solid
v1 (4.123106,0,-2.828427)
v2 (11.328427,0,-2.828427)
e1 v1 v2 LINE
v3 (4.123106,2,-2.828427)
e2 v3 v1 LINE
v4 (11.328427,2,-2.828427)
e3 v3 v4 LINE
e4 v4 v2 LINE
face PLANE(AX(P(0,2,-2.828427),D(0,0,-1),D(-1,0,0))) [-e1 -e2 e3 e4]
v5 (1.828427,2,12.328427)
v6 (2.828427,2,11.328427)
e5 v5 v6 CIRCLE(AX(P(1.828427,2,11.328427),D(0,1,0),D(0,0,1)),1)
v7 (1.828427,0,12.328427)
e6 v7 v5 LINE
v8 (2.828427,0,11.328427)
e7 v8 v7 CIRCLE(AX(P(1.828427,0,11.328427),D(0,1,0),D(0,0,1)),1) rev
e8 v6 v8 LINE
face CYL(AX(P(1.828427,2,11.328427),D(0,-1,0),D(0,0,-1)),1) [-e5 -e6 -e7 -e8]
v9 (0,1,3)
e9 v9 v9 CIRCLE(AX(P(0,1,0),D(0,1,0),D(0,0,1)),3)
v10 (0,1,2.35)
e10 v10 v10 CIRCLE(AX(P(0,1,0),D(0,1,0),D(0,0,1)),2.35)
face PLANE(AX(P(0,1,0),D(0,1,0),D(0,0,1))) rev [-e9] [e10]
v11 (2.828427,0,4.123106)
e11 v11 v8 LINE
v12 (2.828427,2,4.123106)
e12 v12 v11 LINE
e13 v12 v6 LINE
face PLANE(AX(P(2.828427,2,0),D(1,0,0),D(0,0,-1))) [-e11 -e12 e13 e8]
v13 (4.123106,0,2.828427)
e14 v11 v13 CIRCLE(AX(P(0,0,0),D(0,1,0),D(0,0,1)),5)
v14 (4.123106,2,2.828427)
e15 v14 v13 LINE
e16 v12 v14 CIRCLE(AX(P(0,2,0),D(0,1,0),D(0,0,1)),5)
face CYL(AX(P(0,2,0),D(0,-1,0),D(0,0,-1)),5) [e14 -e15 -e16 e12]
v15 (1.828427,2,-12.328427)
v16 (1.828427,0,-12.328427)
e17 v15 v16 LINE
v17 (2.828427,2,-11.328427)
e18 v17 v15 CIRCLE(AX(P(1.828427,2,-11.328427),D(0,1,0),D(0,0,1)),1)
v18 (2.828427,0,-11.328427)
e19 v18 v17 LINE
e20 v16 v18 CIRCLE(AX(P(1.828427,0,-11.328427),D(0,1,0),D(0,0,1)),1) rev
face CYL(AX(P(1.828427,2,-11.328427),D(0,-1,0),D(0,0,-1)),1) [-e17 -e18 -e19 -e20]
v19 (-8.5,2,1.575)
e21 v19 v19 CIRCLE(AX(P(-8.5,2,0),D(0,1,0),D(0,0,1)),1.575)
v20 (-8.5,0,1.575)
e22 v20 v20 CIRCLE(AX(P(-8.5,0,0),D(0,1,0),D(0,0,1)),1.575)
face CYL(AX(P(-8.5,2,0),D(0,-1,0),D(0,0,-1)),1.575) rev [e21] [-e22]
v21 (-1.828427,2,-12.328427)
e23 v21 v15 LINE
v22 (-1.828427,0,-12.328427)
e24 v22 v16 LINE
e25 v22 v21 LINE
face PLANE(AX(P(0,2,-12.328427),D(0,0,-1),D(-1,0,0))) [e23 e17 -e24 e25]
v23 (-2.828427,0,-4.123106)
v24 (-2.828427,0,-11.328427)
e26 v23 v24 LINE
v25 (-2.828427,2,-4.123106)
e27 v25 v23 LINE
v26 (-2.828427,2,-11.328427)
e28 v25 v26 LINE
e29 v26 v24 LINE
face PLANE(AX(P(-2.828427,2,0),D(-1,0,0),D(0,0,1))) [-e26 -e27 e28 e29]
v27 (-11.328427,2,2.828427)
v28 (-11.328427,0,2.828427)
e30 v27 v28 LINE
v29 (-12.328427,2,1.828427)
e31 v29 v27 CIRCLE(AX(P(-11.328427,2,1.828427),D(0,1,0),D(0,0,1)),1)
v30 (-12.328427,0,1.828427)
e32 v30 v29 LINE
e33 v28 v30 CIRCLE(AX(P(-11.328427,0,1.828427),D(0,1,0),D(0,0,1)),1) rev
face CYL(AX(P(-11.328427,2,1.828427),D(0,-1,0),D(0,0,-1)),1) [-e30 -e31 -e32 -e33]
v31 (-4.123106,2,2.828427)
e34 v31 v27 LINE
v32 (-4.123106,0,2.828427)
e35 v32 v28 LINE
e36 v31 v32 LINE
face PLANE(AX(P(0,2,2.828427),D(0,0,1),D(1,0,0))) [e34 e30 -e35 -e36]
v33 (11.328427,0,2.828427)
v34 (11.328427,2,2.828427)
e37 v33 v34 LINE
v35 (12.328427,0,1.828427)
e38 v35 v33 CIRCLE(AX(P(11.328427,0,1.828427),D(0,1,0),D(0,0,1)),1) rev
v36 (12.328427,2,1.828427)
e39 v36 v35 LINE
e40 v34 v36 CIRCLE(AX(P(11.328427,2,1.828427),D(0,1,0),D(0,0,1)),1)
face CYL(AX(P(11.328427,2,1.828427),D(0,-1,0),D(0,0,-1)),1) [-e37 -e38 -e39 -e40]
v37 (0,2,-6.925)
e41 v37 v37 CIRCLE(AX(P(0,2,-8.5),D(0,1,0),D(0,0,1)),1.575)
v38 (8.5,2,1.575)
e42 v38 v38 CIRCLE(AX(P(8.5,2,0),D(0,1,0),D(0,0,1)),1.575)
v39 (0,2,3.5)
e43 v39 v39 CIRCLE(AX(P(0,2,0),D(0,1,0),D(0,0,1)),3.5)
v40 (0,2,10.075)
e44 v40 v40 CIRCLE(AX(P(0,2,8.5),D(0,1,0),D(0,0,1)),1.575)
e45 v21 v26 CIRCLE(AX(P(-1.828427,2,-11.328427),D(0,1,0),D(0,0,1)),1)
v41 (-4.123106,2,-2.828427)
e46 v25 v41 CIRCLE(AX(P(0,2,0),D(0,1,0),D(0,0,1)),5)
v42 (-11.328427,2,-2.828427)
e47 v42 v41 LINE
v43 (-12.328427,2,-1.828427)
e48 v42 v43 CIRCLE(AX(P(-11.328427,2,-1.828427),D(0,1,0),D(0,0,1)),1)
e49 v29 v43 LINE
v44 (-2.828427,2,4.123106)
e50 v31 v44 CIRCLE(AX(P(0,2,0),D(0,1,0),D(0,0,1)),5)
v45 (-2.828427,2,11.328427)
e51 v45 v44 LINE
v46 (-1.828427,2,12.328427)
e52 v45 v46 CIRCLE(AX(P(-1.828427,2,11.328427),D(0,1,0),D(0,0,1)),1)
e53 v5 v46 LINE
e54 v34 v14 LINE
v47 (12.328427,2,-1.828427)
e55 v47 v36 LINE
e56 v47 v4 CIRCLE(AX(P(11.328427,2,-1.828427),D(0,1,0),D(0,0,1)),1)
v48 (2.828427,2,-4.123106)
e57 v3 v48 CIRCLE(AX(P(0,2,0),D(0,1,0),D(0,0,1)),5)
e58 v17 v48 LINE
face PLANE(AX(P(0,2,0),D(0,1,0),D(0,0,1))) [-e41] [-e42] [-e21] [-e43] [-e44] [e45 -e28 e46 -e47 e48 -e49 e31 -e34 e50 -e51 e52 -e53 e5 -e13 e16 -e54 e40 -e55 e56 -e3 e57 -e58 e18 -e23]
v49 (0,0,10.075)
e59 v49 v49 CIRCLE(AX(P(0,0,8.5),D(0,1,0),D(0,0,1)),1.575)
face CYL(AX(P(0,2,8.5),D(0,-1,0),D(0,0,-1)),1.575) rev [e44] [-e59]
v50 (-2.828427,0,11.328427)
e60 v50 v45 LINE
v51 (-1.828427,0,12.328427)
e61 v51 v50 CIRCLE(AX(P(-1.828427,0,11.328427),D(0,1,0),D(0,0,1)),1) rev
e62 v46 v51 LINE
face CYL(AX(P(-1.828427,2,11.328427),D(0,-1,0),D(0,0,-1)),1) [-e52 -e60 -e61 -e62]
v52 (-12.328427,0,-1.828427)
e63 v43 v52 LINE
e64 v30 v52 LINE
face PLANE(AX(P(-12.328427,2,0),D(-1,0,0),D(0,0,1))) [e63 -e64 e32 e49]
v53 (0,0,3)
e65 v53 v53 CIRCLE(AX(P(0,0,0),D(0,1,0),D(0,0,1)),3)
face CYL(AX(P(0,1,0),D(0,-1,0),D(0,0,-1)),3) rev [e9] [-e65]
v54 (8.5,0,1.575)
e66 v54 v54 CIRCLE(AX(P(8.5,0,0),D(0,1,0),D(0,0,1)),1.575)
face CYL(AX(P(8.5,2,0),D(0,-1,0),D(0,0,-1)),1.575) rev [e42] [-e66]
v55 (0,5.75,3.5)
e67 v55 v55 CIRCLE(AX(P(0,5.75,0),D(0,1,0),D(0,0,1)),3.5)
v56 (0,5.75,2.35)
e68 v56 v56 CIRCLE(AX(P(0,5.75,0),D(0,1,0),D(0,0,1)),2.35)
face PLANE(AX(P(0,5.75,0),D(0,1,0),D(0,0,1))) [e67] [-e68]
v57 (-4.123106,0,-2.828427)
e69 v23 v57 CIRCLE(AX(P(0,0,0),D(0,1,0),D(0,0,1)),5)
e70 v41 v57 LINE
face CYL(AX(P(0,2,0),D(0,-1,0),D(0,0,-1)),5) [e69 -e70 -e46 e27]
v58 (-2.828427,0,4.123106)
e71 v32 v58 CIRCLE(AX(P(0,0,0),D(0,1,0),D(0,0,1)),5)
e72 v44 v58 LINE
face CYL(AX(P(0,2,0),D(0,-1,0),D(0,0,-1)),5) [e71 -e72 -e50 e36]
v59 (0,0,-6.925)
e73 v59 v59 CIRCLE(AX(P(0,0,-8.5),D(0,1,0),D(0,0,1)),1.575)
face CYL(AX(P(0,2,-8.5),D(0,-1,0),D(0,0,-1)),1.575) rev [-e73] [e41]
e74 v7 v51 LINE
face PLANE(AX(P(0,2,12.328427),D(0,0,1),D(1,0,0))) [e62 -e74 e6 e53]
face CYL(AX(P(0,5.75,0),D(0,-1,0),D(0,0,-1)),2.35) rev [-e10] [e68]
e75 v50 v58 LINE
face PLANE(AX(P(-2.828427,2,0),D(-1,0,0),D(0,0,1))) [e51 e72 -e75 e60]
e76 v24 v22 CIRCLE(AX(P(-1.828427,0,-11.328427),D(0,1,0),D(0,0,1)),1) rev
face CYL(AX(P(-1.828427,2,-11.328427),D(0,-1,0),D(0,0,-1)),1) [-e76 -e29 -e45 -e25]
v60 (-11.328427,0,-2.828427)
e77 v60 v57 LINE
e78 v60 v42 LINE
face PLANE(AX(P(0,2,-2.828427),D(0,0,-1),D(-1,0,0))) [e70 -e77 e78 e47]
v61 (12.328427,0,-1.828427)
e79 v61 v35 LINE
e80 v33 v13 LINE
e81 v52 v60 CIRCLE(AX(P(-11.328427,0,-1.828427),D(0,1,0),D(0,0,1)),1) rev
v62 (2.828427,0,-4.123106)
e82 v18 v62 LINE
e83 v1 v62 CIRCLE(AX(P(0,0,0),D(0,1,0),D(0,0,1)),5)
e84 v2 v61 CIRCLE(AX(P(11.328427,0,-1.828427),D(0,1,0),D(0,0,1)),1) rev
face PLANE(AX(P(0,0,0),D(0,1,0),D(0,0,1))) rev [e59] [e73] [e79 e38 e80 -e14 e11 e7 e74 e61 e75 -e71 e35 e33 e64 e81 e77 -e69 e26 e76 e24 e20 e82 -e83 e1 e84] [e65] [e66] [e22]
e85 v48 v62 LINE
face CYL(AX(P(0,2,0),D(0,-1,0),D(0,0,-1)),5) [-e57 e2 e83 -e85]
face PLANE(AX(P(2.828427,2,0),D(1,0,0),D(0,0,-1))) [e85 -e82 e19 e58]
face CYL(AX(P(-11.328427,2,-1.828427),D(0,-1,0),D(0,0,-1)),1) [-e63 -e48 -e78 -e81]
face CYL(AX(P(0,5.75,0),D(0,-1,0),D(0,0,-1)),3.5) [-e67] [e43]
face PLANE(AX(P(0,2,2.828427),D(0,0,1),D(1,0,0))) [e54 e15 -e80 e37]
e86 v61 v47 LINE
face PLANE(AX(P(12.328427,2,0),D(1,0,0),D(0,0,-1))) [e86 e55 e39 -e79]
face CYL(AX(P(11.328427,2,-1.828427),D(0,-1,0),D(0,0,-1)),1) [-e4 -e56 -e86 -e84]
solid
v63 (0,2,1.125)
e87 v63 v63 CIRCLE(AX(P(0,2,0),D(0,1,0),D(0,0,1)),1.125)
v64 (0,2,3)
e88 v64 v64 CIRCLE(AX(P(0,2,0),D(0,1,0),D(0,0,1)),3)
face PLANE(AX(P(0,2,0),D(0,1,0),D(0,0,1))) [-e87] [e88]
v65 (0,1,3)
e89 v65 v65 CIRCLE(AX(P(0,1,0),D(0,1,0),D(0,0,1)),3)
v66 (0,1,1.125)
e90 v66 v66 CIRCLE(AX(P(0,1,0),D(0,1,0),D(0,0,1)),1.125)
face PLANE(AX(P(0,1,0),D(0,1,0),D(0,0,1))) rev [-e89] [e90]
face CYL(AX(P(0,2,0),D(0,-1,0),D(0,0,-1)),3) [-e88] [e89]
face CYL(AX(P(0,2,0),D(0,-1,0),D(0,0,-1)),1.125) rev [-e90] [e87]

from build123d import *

# Parameters (mm, degrees)
SKETCH1_R             = 1.575
SKETCH1_R_2           = 3.5
BOSS_EXTRUDE1_DEPTH   = 2
SKETCH1_R_3           = 3
SKETCH1_R_4           = 1.125
BOSS_EXTRUDE1_2_DEPTH = 2
SKETCH1_3_R           = 3.5
SKETCH1_3_R_2         = 2.35
BOSS_EXTRUDE2_DEPTH   = 5.75
FILLET1_R             = 1
CUT_EXTRUDE1_DEPTH    = 1


with BuildPart() as part:
    # Sketch1 → Boss-Extrude1 (new body)
    with BuildSketch(Plane(origin=(0, 0, 0), x_dir=(1, 0, 0), z_dir=(0, 1, 0))):
        with BuildLine():
            ThreePointArc((-2.828427125, 4.123105626), (-3.535533906, 3.535533906), (-4.123105626, 2.828427125))
            Line((-4.123105626, 2.828427125), (-12.328427125, 2.828427125))
            Line((-12.328427125, 2.828427125), (-12.328427125, -2.828427125))
            Line((-12.328427125, -2.828427125), (-4.123105626, -2.828427125))
            ThreePointArc((-4.123105626, -2.828427125), (-3.535533906, -3.535533906), (-2.828427125, -4.123105626))
            Line((-2.828427125, -4.123105626), (-2.828427125, -12.328427125))
            Line((-2.828427125, -12.328427125), (2.828427125, -12.328427125))
            Line((2.828427125, -12.328427125), (2.828427125, -4.123105626))
            ThreePointArc((2.828427125, -4.123105626), (3.535533906, -3.535533906), (4.123105626, -2.828427125))
            Line((4.123105626, -2.828427125), (12.328427125, -2.828427125))
            Line((12.328427125, -2.828427125), (12.328427125, 2.828427125))
            Line((12.328427125, 2.828427125), (4.123105626, 2.828427125))
            ThreePointArc((4.123105626, 2.828427125), (3.535533906, 3.535533906), (2.828427125, 4.123105626))
            Line((2.828427125, 4.123105626), (2.828427125, 12.328427125))
            Line((2.828427125, 12.328427125), (-2.828427125, 12.328427125))
            Line((-2.828427125, 12.328427125), (-2.828427125, 4.123105626))
        make_face()
        with Locations(Location((0, -8.5, 0), (0, 0, 270))):
            Circle(SKETCH1_R, mode=Mode.SUBTRACT)
        with Locations(Location((0, 0, 0), (0, 0, 270))):
            Circle(SKETCH1_R_2, mode=Mode.SUBTRACT)
        with Locations(Location((0, 8.5, 0), (0, 0, 270))):
            Circle(SKETCH1_R, mode=Mode.SUBTRACT)
        with Locations(Location((8.5, 0, 0), (0, 0, 270))):
            Circle(SKETCH1_R, mode=Mode.SUBTRACT)
        with Locations(Location((-8.5, 0, 0), (0, 0, 270))):
            Circle(SKETCH1_R, mode=Mode.SUBTRACT)
    extrude(amount=BOSS_EXTRUDE1_DEPTH)

    # Sketch1<3> → Boss-Extrude2 (add)
    with BuildSketch(Plane(origin=(0, 0, 0), x_dir=(1, 0, 0), z_dir=(0, 1, 0))):
        with Locations(Location((0, 0, 0), (0, 0, 270))):
            Circle(SKETCH1_3_R)
        with Locations(Location((0, 0, 0), (0, 0, 270))):
            Circle(SKETCH1_3_R_2, mode=Mode.SUBTRACT)
    extrude(amount=BOSS_EXTRUDE2_DEPTH)

    # Fillet1
    fillet1_edges = [part.edges().sort_by_distance(p)[0] for p in [
        (-2.828427125, 1, -12.328427125),
        (2.828427125, 1, -12.328427125),
        (12.328427125, 1, -2.828427125),
        (12.328427125, 1, 2.828427125),
        (2.828427125, 1, 12.328427125),
        (-2.828427125, 1, 12.328427125),
        (-12.328427125, 1, 2.828427125),
        (-12.328427125, 1, -2.828427125),
    ]]
    fillet(fillet1_edges, radius=FILLET1_R)


with BuildPart() as body_2:
    # Sketch1 → Boss-Extrude1 2 (new body)
    with BuildSketch(Plane(origin=(0, 0, 0), x_dir=(1, 0, 0), z_dir=(0, 1, 0))):
        with Locations(Location((0, 0, 0), (0, 0, 270))):
            Circle(SKETCH1_R_3)
        with Locations(Location((0, 0, 0), (0, 0, 270))):
            Circle(SKETCH1_R_4, mode=Mode.SUBTRACT)
    extrude(amount=BOSS_EXTRUDE1_2_DEPTH)


with BuildPart() as cut_extrude1_tool:
    # Sketch1<4> → Cut-Extrude1 (new body)
    with BuildSketch(Plane(origin=(0, 0, 0), x_dir=(1, 0, 0), z_dir=(0, 1, 0))):
        with BuildLine():
            Line((1.661700936, 1.661700936), (2.121320344, 2.121320344))
            ThreePointArc((2.121320344, 2.121320344), (1.148050297, 2.771638598), (0, 3))
            Line((0, 3), (0, 2.35))
            ThreePointArc((0, 2.35), (0.899306066, 2.171116901), (1.661700936, 1.661700936))
        make_face()
        with BuildLine():
            ThreePointArc((3, 0), (2.771638598, 1.148050297), (2.121320344, 2.121320344))
            Line((2.121320344, 2.121320344), (1.661700936, 1.661700936))
            ThreePointArc((1.661700936, 1.661700936), (2.171116901, 0.899306066), (2.35, 0))
            ThreePointArc((2.35, 0), (2.171116901, -0.899306066), (1.661700936, -1.661700936))
            Line((1.661700936, -1.661700936), (2.121320344, -2.121320344))
            ThreePointArc((2.121320344, -2.121320344), (2.771638598, -1.148050297), (3, 0))
        make_face()
        with BuildLine():
            ThreePointArc((-2.121320344, -2.121320344), (0, -3), (2.121320344, -2.121320344))
            Line((2.121320344, -2.121320344), (1.661700936, -1.661700936))
            ThreePointArc((1.661700936, -1.661700936), (0, -2.35), (-1.661700936, -1.661700936))
            Line((-1.661700936, -1.661700936), (-2.121320344, -2.121320344))
        make_face()
        with BuildLine():
            Line((-1.661700936, 1.661700936), (-2.121320344, 2.121320344))
            ThreePointArc((-2.121320344, 2.121320344), (-3, 0), (-2.121320344, -2.121320344))
            Line((-2.121320344, -2.121320344), (-1.661700936, -1.661700936))
            ThreePointArc((-1.661700936, -1.661700936), (-2.35, 0), (-1.661700936, 1.661700936))
        make_face()
        with BuildLine():
            ThreePointArc((2.35, 0), (2.171116901, 0.899306066), (1.661700936, 1.661700936))
            Line((1.661700936, 1.661700936), (0.795495129, 0.795495129))
            ThreePointArc((0.795495129, 0.795495129), (1.039364474, 0.430518861), (1.125, 0))
            ThreePointArc((1.125, 0), (1.039364474, -0.430518861), (0.795495129, -0.795495129))
            Line((0.795495129, -0.795495129), (1.661700936, -1.661700936))
            ThreePointArc((1.661700936, -1.661700936), (2.171116901, -0.899306066), (2.35, 0))
        make_face()
        with BuildLine():
            ThreePointArc((-1.661700936, -1.661700936), (0, -2.35), (1.661700936, -1.661700936))
            Line((1.661700936, -1.661700936), (0.795495129, -0.795495129))
            ThreePointArc((0.795495129, -0.795495129), (0, -1.125), (-0.795495129, -0.795495129))
            Line((-0.795495129, -0.795495129), (-1.661700936, -1.661700936))
        make_face()
        with BuildLine():
            Line((-0.795495129, 0.795495129), (-1.661700936, 1.661700936))
            ThreePointArc((-1.661700936, 1.661700936), (-2.35, 0), (-1.661700936, -1.661700936))
            Line((-1.661700936, -1.661700936), (-0.795495129, -0.795495129))
            ThreePointArc((-0.795495129, -0.795495129), (-1.125, 0), (-0.795495129, 0.795495129))
        make_face()
        with BuildLine():
            Line((0.795495129, 0.795495129), (1.661700936, 1.661700936))
            ThreePointArc((1.661700936, 1.661700936), (0.899306066, 2.171116901), (0, 2.35))
            Line((0, 2.35), (0, 1.125))
            ThreePointArc((0, 1.125), (0.430518861, 1.039364474), (0.795495129, 0.795495129))
        make_face()
        with BuildLine():
            Line((0, 1.125), (0, 2.35))
            ThreePointArc((0, 2.35), (-0.899306066, 2.171116901), (-1.661700936, 1.661700936))
            Line((-1.661700936, 1.661700936), (-0.795495129, 0.795495129))
            ThreePointArc((-0.795495129, 0.795495129), (-0.430518861, 1.039364474), (0, 1.125))
        make_face()
        with BuildLine():
            Line((0, 2.35), (0, 3))
            ThreePointArc((0, 3), (-1.148050297, 2.771638598), (-2.121320344, 2.121320344))
            Line((-2.121320344, 2.121320344), (-1.661700936, 1.661700936))
            ThreePointArc((-1.661700936, 1.661700936), (-0.899306066, 2.171116901), (0, 2.35))
        make_face()
    extrude(amount=CUT_EXTRUDE1_DEPTH)


with BuildPart() as part_1:
    add(part.part)

    # Cut-Extrude1: cut by cut_extrude1_tool
    add(cut_extrude1_tool.part, mode=Mode.SUBTRACT)


with BuildPart() as body_2_1:
    add(body_2.part)

    # Cut-Extrude1: cut by cut_extrude1_tool
    add(cut_extrude1_tool.part, mode=Mode.SUBTRACT)


solid = Compound([part_1.part, body_2_1.part])
